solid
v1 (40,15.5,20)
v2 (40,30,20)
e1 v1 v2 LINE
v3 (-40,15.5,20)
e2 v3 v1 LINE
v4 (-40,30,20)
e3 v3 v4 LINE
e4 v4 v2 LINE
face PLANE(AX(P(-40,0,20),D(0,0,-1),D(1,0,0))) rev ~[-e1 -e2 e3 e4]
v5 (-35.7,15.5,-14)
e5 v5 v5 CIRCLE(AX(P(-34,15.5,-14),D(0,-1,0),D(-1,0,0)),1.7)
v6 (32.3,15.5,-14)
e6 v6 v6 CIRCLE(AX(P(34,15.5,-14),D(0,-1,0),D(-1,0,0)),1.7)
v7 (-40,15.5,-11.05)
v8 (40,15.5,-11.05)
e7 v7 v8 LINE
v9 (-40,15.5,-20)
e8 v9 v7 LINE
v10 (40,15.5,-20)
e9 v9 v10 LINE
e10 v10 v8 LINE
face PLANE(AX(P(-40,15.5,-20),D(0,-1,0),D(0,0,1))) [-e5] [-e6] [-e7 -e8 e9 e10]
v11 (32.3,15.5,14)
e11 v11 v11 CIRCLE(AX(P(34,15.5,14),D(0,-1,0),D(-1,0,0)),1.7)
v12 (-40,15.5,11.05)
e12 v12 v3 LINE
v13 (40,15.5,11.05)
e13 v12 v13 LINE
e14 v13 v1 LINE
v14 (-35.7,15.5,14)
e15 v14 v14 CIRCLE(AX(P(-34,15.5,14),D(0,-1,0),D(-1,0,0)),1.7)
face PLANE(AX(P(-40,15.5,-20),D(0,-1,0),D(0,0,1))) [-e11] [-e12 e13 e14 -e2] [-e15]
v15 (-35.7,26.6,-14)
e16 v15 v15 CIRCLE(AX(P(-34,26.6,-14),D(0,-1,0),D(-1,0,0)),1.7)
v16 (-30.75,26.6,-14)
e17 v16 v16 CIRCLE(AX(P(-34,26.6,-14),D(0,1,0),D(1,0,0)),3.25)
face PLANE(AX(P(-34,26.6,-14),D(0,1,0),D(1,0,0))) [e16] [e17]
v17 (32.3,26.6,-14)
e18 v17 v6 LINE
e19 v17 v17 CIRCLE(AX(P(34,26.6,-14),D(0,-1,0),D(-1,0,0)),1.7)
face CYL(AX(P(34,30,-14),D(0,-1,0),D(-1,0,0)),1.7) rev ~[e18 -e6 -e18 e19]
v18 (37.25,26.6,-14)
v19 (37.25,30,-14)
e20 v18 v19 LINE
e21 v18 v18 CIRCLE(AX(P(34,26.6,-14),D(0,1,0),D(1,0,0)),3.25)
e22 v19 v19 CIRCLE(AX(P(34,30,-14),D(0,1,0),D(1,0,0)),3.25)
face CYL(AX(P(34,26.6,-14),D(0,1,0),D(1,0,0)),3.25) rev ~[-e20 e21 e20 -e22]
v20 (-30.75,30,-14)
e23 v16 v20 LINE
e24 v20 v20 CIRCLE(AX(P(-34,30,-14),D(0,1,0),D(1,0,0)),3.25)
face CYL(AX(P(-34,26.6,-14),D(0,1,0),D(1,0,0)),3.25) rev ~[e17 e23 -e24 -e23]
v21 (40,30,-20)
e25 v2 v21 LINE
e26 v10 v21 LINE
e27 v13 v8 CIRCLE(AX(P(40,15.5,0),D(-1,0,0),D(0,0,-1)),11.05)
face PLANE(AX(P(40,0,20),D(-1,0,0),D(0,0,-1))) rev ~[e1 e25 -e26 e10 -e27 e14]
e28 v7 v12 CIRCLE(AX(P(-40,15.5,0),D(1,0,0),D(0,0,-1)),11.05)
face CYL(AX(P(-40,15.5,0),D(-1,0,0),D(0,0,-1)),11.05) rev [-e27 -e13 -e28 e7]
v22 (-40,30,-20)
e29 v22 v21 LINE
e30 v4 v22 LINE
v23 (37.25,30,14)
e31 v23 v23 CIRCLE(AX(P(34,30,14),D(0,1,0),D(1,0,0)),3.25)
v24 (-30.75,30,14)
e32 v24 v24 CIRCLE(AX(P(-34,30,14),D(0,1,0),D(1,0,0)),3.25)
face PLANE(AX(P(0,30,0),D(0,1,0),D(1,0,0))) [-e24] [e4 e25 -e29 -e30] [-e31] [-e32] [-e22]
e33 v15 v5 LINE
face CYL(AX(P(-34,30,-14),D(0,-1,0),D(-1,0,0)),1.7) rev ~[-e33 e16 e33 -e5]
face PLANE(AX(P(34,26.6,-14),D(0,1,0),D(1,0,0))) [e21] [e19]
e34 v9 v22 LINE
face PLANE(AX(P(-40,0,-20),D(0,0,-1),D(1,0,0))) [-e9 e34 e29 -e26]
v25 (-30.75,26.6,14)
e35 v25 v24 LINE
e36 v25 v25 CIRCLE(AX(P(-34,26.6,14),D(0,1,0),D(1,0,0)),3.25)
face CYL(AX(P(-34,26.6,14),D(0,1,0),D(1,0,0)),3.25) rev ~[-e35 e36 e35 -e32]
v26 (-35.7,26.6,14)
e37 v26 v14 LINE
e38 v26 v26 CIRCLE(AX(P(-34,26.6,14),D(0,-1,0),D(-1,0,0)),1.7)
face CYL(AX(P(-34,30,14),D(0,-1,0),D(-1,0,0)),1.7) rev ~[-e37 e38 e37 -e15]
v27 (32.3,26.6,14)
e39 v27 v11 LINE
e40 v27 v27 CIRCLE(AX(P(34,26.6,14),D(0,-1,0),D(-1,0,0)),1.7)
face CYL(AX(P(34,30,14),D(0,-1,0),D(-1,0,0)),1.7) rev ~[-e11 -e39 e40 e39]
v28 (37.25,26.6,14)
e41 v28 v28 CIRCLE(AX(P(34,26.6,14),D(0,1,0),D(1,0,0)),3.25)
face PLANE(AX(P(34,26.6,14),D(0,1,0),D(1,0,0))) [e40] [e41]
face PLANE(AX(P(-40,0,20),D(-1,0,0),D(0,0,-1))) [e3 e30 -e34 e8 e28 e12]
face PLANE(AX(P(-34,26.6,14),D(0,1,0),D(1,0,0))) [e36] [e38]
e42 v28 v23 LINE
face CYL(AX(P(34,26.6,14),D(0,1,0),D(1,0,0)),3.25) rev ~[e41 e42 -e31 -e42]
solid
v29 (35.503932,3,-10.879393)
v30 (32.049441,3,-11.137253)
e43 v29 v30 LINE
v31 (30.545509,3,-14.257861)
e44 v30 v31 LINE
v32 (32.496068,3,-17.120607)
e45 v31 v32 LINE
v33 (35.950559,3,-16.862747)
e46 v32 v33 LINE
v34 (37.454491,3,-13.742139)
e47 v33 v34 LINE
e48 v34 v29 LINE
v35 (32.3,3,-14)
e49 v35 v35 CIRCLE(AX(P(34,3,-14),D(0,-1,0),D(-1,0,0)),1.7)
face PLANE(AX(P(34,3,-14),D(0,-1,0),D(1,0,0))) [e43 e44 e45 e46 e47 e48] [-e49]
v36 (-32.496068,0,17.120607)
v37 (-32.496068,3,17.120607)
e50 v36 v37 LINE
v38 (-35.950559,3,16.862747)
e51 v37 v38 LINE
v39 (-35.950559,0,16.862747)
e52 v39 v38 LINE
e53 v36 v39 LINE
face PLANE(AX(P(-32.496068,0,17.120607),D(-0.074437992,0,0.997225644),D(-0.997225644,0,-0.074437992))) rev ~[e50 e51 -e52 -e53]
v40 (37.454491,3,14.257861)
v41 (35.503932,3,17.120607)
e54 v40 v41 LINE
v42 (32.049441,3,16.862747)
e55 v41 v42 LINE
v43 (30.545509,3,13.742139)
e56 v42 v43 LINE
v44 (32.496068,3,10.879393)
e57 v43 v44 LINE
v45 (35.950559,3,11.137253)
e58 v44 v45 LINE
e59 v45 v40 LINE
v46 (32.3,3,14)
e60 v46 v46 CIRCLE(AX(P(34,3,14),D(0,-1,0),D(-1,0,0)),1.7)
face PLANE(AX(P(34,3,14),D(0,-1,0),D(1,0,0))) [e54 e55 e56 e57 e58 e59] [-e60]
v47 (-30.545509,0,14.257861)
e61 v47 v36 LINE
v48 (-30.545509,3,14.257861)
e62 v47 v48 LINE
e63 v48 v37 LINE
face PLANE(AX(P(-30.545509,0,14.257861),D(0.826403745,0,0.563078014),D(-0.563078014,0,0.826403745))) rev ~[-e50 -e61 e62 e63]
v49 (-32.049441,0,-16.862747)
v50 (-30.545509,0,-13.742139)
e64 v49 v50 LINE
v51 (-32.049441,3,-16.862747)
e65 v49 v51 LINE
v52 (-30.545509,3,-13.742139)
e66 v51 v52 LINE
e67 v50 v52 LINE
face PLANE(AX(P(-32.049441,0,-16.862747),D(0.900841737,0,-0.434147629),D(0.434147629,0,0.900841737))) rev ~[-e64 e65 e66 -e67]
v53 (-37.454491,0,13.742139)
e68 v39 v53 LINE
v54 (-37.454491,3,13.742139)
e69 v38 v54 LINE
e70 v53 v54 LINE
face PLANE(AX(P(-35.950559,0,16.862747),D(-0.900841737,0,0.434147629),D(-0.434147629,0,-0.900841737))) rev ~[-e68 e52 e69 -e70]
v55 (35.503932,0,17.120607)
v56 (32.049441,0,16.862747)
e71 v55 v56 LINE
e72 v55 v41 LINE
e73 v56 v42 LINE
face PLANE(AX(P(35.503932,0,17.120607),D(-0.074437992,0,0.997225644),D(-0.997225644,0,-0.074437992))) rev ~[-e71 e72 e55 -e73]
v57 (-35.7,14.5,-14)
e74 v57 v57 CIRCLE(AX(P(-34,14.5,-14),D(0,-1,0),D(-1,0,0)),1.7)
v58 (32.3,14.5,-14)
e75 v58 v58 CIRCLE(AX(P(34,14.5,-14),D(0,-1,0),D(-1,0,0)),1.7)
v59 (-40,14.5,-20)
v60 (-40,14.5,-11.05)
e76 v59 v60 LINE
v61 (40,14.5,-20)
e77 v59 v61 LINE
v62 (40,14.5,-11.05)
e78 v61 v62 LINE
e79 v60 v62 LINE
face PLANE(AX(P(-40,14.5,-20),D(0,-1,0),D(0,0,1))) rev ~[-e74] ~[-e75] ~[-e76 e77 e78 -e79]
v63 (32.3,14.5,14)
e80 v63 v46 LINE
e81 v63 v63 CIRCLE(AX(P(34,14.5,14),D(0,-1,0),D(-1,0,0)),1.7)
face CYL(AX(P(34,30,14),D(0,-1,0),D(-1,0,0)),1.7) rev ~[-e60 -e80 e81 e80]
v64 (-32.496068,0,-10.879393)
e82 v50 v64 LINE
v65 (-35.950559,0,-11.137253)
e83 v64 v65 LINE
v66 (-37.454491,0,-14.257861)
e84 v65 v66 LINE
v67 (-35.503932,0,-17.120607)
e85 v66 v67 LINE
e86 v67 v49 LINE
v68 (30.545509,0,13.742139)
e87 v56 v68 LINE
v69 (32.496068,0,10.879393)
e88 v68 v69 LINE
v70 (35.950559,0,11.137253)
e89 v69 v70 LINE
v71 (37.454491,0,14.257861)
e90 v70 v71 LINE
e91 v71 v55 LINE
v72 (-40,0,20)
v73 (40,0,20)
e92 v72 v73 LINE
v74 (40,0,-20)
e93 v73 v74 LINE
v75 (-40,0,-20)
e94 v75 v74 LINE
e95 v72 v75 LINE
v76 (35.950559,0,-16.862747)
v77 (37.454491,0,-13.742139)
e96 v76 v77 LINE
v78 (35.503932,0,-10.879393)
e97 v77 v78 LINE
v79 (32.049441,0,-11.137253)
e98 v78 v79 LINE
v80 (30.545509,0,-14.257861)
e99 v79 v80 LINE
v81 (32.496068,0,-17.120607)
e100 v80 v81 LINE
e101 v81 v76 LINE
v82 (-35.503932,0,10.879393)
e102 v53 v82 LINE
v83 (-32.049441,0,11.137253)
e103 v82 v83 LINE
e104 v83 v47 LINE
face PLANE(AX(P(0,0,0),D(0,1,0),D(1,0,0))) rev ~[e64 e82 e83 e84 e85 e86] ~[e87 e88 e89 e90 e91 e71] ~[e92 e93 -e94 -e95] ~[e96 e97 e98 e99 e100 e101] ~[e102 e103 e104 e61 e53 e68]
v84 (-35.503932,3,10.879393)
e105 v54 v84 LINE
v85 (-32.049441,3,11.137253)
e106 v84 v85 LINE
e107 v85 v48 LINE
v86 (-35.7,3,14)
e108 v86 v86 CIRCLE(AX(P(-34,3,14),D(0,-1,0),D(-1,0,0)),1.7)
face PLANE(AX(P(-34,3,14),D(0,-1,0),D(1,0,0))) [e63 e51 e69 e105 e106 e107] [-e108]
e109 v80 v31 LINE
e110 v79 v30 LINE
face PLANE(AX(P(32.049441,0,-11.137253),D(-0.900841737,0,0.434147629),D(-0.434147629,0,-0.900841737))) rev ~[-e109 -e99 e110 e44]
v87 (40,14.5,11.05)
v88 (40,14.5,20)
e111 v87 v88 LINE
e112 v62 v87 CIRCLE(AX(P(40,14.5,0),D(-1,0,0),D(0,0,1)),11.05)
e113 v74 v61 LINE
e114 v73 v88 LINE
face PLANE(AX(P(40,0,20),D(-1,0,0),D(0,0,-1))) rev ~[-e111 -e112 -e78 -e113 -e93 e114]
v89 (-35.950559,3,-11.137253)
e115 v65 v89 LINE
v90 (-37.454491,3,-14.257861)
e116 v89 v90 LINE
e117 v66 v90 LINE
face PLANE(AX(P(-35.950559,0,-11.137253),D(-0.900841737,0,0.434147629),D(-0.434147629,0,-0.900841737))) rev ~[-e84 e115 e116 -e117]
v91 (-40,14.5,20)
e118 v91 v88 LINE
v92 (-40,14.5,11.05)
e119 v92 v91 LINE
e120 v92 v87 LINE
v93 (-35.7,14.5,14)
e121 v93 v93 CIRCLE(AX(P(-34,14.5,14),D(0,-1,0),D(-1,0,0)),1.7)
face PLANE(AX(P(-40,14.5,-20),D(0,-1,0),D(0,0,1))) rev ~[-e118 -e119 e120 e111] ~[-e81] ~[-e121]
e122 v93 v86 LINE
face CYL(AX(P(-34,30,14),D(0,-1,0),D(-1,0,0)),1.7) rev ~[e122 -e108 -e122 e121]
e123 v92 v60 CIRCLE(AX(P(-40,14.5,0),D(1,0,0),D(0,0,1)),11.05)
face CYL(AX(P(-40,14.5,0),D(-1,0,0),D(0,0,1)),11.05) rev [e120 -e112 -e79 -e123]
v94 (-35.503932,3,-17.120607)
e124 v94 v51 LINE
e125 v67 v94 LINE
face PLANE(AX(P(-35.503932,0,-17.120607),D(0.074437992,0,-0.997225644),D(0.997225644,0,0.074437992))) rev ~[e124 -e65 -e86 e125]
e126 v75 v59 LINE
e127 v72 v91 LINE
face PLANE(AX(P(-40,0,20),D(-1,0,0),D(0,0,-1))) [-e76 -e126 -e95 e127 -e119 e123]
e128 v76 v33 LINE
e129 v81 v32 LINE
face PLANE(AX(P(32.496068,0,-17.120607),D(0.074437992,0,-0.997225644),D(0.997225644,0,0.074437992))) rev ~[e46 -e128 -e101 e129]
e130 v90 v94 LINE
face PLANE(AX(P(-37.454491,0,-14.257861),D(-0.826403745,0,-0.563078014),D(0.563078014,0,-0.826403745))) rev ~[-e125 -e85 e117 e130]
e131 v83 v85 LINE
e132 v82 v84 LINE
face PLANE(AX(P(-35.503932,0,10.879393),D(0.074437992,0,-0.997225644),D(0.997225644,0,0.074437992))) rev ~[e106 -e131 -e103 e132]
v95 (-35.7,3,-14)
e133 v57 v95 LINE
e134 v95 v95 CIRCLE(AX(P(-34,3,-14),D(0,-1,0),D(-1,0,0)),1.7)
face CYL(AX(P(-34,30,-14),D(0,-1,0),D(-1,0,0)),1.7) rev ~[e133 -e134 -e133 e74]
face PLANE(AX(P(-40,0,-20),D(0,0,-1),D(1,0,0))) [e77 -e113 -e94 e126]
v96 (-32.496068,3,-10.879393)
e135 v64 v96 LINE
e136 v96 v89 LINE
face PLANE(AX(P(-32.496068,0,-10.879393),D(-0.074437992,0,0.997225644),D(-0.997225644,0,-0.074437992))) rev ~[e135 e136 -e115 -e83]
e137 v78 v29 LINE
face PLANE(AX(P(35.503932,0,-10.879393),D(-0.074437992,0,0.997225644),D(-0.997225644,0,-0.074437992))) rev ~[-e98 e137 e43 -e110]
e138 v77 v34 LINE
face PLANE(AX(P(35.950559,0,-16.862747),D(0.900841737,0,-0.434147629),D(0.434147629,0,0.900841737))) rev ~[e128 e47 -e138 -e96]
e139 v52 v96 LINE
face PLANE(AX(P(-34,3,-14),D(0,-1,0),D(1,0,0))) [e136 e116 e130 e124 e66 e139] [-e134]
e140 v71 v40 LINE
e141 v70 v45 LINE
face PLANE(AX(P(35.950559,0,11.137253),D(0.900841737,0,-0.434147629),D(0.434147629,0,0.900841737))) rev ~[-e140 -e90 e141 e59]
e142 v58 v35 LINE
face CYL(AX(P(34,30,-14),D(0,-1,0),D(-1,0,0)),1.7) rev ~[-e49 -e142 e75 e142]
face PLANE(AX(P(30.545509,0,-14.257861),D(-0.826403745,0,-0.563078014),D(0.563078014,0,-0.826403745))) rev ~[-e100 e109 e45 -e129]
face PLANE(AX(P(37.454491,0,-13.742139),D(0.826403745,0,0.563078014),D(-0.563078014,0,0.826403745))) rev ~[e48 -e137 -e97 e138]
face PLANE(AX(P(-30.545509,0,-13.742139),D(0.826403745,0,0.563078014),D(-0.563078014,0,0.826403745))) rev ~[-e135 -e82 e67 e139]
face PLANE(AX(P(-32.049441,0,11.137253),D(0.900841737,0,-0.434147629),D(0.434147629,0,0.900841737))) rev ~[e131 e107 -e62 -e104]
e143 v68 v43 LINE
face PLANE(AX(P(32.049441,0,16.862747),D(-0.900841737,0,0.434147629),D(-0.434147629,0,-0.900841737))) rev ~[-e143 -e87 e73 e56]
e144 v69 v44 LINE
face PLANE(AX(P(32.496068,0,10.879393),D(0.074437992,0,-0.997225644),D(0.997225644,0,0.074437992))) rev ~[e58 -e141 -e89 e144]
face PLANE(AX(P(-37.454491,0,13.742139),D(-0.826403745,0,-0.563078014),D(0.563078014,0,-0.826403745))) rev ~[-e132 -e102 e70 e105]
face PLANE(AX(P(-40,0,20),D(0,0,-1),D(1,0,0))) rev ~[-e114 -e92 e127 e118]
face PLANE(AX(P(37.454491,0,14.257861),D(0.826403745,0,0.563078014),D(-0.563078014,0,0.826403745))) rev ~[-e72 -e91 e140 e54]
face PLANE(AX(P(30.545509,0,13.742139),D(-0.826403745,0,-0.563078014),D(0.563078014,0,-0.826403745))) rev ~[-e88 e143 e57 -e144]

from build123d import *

# Parameters (mm, degrees)
CROQUIS1_W                                           = 80
CROQUIS1_H                                           = 40
SALIENTE_EXTRUIR1_DEPTH                              = 30
CORTAR_EXTRUIR1_DEPTH                                = 81
CROQUIS3_W                                           = 40
CROQUIS3_H                                           = 1
CORTAR_EXTRUIR2_DEPTH                                = 81
REFRENTADO_PARA_TORNILLO_CON_CABEZA_HUEC_D           = 3.4
REFRENTADO_PARA_TORNILLO_CON_CABEZA_HUEC_CBORE_D     = 6.5
REFRENTADO_PARA_TORNILLO_CON_CABEZA_HUEC_CBORE_DEPTH = 3.4
CORTAR_EXTRUIR4_DEPTH                                = 3
MATRIZL1_COUNT                                       = 2
MATRIZL1_PITCH                                       = 68
MATRIZL1_COUNT_DIR2                                  = 2
MATRIZL1_PITCH_DIR2                                  = 28


with BuildPart() as part:
    # Croquis1 → Saliente-Extruir1 (new body)
    with BuildSketch(Plane(origin=(0, 0, 0), x_dir=(1, 0, 0), z_dir=(0, 1, 0))):
        Rectangle(CROQUIS1_W, CROQUIS1_H)
    extrude(amount=SALIENTE_EXTRUIR1_DEPTH)

    # Croquis2 → Cortar-Extruir1 (cut, through all)
    with BuildSketch(Plane.ZY.offset(40)):
        with BuildLine():
            Line((-11.05, 14.5), (11.05, 14.5))
            ThreePointArc((11.05, 14.5), (0, 3.45), (-11.05, 14.5))
        make_face()
        with BuildLine():
            Line((11.05, 15.5), (-11.05, 15.5))
            ThreePointArc((-11.05, 15.5), (0, 26.55), (11.05, 15.5))
        make_face()
    extrude(amount=-CORTAR_EXTRUIR1_DEPTH, mode=Mode.SUBTRACT)

    # Croquis3 → Cortar-Extruir2 (cut, through all)
    with BuildSketch(Plane.ZY.offset(40)):
        with Locations((0, 15)):
            Rectangle(CROQUIS3_W, CROQUIS3_H)
    extrude(amount=-CORTAR_EXTRUIR2_DEPTH, mode=Mode.SUBTRACT)

    # Refrentado para tornillo con cabeza hueca de M31 (through all)
    with Locations(Plane(origin=(0, 30, 0), x_dir=(1, 0, 0), z_dir=(0, 1, 0))):
        with Locations((-34, 14), (-34, -14), (34, 14), (34, -14)):
            CounterBoreHole(REFRENTADO_PARA_TORNILLO_CON_CABEZA_HUEC_D / 2, REFRENTADO_PARA_TORNILLO_CON_CABEZA_HUEC_CBORE_D / 2, REFRENTADO_PARA_TORNILLO_CON_CABEZA_HUEC_CBORE_DEPTH)

    # Croquis9 → Cortar-Extruir4 (cut)
    with BuildSketch(Plane.XZ):
        Polygon((-30.545509036, 14.25786077), (-32.496068495, 17.120607317), (-35.95055946, 16.862746547), (-37.454490964, 13.74213923), (-35.503931505, 10.879392683), (-32.04944054, 11.137253453), align=None)
    cortar_extruir4 = extrude(amount=-CORTAR_EXTRUIR4_DEPTH, mode=Mode.SUBTRACT)

    # MatrizL1: Cortar-Extruir4 2 × 2
    with Locations(*[(i * MATRIZL1_PITCH, 0, -j * MATRIZL1_PITCH_DIR2) for i in range(MATRIZL1_COUNT) for j in range(MATRIZL1_COUNT_DIR2) if (i, j) != (0, 0)]):
        add(cortar_extruir4, mode=Mode.SUBTRACT)


solid = part.part
